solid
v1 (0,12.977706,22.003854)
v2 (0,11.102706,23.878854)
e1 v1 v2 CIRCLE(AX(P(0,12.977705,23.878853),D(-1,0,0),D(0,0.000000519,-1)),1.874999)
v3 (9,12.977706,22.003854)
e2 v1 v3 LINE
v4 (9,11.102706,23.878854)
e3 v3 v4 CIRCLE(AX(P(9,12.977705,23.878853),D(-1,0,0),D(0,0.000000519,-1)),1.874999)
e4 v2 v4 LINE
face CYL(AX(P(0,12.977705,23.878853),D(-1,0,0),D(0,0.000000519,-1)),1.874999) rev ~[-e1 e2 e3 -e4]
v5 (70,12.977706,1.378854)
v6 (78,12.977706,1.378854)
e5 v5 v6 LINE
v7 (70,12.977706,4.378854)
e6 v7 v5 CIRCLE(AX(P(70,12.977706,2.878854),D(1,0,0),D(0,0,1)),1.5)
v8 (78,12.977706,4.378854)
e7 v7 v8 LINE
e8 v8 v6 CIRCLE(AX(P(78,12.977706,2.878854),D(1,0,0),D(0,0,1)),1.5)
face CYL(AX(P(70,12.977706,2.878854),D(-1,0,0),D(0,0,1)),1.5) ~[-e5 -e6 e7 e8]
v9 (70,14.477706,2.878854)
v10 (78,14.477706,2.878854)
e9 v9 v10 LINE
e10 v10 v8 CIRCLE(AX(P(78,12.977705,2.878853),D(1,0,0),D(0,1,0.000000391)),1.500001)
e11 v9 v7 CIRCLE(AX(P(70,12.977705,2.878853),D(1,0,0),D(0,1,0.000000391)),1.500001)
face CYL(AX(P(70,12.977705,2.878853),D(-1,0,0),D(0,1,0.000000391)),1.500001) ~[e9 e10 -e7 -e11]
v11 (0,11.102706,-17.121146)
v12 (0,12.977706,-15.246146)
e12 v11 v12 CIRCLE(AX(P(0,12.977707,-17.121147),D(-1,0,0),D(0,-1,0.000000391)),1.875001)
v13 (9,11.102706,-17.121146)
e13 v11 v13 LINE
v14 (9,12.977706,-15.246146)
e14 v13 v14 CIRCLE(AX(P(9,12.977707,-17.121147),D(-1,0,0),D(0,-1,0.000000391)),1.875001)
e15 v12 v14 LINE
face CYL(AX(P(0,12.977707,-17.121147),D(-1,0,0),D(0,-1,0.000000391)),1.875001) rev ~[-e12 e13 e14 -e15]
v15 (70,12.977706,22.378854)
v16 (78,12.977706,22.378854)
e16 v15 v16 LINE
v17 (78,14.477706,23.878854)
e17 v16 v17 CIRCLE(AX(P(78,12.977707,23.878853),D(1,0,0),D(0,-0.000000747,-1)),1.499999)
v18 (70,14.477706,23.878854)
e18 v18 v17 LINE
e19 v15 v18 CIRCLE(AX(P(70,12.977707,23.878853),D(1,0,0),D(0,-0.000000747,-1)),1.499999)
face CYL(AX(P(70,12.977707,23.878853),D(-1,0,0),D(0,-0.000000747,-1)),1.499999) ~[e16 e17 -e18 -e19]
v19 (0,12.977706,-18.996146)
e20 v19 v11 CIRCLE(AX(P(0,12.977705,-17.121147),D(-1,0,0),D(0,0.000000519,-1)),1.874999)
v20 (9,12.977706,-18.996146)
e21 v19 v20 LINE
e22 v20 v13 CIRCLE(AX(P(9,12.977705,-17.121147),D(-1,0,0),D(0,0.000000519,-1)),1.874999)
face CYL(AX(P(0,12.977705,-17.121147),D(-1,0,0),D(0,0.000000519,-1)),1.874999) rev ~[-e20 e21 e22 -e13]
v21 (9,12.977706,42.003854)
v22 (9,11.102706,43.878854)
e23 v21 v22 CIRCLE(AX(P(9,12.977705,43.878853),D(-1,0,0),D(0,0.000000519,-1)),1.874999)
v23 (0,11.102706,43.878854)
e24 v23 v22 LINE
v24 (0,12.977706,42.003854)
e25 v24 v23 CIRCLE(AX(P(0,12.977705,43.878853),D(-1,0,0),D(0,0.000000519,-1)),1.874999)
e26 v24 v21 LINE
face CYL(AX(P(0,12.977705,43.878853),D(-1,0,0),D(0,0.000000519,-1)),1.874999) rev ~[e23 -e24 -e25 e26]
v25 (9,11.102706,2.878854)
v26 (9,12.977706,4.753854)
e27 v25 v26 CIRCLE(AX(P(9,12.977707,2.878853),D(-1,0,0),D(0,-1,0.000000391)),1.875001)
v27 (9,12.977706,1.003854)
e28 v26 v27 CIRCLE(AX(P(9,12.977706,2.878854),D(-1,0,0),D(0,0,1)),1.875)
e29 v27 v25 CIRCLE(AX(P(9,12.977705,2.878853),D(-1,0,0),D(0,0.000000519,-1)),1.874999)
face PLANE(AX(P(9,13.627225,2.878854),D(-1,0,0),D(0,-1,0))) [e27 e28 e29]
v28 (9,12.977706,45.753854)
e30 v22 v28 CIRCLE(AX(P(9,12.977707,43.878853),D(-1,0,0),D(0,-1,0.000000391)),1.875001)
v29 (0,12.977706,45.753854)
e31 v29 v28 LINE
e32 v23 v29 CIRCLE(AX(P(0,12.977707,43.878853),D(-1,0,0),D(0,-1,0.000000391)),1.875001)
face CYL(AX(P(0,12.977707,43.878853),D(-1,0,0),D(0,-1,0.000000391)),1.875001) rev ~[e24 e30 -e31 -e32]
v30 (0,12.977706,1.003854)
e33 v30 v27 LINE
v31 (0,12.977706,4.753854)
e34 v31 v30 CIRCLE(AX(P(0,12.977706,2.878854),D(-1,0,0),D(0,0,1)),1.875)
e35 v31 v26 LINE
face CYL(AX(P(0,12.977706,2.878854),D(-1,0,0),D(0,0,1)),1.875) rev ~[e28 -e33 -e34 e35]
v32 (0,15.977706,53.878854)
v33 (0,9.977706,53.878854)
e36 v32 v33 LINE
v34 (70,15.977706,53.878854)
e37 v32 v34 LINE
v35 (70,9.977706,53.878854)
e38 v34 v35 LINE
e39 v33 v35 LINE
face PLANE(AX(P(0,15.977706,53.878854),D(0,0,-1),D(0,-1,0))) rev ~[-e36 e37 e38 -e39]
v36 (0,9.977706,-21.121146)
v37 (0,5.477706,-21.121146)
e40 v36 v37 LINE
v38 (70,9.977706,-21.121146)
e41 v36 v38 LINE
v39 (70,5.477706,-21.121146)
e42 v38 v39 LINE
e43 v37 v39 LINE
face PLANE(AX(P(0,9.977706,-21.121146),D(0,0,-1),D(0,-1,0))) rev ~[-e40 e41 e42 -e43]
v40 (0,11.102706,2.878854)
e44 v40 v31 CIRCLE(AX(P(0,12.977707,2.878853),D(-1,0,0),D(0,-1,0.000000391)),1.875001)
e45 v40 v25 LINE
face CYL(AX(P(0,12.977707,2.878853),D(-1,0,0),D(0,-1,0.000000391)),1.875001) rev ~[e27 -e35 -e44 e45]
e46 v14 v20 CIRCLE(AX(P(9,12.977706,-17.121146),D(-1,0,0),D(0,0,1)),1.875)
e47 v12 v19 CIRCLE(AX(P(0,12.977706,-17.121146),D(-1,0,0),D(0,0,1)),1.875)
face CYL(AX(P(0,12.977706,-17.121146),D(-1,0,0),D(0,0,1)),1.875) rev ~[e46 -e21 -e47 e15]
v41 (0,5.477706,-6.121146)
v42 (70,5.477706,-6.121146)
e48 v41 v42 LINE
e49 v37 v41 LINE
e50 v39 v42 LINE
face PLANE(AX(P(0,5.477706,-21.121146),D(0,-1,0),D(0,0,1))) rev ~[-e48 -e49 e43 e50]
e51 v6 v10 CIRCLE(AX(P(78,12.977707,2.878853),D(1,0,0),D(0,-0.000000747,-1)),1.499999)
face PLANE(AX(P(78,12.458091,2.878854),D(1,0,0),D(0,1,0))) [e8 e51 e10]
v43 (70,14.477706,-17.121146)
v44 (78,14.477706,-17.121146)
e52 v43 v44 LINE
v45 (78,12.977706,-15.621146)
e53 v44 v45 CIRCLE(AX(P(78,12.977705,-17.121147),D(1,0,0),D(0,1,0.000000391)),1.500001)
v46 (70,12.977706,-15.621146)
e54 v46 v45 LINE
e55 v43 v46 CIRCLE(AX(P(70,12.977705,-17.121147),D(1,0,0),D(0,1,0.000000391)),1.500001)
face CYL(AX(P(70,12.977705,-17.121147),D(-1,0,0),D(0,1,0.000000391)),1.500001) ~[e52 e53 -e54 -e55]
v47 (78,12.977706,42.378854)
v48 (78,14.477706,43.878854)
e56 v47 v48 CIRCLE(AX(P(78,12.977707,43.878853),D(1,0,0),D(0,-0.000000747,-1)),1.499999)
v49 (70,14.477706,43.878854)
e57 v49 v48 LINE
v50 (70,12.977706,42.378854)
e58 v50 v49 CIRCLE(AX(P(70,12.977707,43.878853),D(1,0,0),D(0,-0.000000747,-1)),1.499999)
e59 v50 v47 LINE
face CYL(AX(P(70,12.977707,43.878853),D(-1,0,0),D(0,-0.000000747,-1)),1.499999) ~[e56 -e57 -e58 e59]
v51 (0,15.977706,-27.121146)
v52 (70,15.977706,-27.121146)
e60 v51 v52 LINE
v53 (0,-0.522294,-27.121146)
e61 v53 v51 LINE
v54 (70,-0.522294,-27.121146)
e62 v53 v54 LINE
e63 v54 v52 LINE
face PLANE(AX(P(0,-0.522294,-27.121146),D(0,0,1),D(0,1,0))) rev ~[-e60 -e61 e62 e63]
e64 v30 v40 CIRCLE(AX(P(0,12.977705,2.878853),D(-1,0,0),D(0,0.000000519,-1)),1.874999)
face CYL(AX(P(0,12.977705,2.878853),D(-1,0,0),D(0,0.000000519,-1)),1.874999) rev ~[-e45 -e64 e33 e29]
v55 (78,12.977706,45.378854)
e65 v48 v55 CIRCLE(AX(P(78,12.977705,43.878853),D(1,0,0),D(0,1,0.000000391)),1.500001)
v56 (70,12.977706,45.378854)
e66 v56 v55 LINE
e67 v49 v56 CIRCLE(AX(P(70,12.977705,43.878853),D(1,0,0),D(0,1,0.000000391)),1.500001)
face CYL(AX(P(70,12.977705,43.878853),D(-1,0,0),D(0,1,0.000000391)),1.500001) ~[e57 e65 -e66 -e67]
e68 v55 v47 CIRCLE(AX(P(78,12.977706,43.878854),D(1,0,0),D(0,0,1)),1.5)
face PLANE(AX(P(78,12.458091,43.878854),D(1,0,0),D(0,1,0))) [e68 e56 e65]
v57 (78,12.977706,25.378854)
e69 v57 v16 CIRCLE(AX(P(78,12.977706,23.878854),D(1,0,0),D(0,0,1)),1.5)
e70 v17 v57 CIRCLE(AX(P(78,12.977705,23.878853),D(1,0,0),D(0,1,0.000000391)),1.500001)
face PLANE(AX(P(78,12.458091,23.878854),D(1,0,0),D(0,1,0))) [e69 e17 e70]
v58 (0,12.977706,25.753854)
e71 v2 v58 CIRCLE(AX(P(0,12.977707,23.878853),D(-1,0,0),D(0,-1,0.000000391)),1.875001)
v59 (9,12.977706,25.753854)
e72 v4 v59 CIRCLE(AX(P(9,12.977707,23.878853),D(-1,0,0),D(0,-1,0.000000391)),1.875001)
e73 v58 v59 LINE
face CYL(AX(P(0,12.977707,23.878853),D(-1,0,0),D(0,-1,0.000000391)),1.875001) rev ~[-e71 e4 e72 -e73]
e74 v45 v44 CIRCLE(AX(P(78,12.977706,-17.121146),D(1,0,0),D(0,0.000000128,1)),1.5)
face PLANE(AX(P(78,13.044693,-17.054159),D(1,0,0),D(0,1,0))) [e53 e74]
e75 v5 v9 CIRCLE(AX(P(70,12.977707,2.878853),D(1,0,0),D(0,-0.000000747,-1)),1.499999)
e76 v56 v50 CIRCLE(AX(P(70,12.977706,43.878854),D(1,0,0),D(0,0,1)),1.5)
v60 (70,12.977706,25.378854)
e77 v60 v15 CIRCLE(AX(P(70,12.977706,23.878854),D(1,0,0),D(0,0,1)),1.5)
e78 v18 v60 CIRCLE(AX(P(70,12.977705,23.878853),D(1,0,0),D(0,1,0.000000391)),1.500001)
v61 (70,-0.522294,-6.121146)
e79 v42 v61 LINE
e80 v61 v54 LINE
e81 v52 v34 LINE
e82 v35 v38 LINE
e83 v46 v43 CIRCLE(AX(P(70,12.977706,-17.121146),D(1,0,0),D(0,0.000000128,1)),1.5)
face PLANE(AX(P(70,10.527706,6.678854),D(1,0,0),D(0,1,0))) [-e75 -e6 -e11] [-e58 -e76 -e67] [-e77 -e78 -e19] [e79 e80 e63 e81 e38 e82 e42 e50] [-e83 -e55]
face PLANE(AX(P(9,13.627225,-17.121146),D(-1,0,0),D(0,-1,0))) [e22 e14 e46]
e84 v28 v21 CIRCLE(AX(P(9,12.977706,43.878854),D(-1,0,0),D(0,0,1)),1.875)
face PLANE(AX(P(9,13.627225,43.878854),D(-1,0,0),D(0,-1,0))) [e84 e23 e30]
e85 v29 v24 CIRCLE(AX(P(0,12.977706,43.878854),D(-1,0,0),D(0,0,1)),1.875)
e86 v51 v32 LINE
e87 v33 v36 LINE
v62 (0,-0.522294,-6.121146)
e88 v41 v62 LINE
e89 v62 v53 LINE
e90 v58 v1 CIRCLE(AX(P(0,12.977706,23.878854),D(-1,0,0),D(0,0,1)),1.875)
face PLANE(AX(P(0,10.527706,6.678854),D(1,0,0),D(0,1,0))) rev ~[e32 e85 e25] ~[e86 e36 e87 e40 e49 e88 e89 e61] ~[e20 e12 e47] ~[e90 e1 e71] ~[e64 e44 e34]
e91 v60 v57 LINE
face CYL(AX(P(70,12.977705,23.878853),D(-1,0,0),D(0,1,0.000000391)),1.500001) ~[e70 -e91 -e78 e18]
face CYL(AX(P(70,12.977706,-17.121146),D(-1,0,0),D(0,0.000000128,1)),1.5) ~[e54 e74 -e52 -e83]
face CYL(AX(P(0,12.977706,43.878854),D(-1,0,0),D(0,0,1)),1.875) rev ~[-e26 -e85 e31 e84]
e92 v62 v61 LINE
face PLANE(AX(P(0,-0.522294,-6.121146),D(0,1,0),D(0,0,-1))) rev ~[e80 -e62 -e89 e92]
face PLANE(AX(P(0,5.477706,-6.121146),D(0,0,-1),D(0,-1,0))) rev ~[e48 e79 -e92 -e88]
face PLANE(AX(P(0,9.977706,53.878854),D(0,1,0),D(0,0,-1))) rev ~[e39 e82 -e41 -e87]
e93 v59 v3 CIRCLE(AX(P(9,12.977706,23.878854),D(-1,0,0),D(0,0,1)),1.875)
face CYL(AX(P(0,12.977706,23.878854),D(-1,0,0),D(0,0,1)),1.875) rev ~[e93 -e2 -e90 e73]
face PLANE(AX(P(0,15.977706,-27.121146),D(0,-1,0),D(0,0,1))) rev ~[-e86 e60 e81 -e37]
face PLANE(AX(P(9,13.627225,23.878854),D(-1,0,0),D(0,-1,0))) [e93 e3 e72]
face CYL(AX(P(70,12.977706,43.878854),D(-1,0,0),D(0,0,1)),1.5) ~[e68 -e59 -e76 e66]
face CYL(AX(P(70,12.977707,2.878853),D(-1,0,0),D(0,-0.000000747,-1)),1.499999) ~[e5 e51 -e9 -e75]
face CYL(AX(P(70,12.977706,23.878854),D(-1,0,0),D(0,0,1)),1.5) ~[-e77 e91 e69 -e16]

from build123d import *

# Parameters (mm, degrees)
F1_DEPTH = 70
F3_DEPTH = 8
F5_DEPTH = 9


with BuildPart() as f1:
    # F0 (on Right) → F1 (new body)
    with BuildSketch(Plane.YZ):
        Polygon((15.977706, -27.121146), (15.977706, 53.878854), (9.977706, 53.878854), (9.977706, -21.121146), (5.477706, -21.121146), (5.477706, -6.121146), (-0.522294, -6.121146), (-0.522294, -27.121146), align=None)
    extrude(amount=F1_DEPTH)

    # F2 (on face) → F3 (join)
    with BuildSketch(Plane.YZ.offset(70)):
        with BuildLine():
            Line((12.977706, 43.878854), (12.977706, 45.378854))
            ThreePointArc((12.977706, 45.378854), (11.477706, 43.878854), (12.977706, 42.378854))
            Line((12.977706, 42.378854), (12.977706, 43.878854))
        make_face()
        with BuildLine():
            ThreePointArc((12.977706, 42.378854), (14.038366, 42.818193), (14.477706, 43.878854))
            ThreePointArc((14.477706, 43.878854), (14.038366, 44.939514), (12.977706, 45.378854))
            Line((12.977706, 45.378854), (12.977706, 43.878854))
            Line((12.977706, 43.878854), (12.977706, 42.378854))
        make_face()
        with BuildLine():
            Line((12.977706, 23.878854), (12.977706, 25.378854))
            ThreePointArc((12.977706, 25.378854), (11.477706, 23.878854), (12.977706, 22.378854))
            Line((12.977706, 22.378854), (12.977706, 23.878854))
        make_face()
        with BuildLine():
            ThreePointArc((14.477706, 23.878854), (14.038366, 24.939514), (12.977706, 25.378854))
            Line((12.977706, 25.378854), (12.977706, 23.878854))
            Line((12.977706, 23.878854), (12.977706, 22.378854))
            ThreePointArc((12.977706, 22.378854), (14.038366, 22.818193), (14.477706, 23.878854))
        make_face()
        with BuildLine():
            Line((12.977706, 2.878854), (12.977706, 4.378854))
            ThreePointArc((12.977706, 4.378854), (11.477706, 2.878854), (12.977706, 1.378854))
            Line((12.977706, 1.378854), (12.977706, 2.878854))
        make_face()
        with BuildLine():
            ThreePointArc((14.477706, 2.878854), (14.038366, 3.939514), (12.977706, 4.378854))
            Line((12.977706, 4.378854), (12.977706, 2.878854))
            Line((12.977706, 2.878854), (12.977706, 1.378854))
            ThreePointArc((12.977706, 1.378854), (14.038366, 1.818193), (14.477706, 2.878854))
        make_face()
        with BuildLine():
            ThreePointArc((14.477706, -17.121146), (14.038366, -16.060486), (12.977706, -15.621146))
            ThreePointArc((12.977706, -15.621146), (11.917046, -18.181807), (14.477706, -17.121146))
        make_face()
    extrude(amount=F3_DEPTH)

    # F4 (on face) → F5 (cut)
    with BuildSketch(Plane(origin=(0, 0, 0), x_dir=(0, -1, 0), z_dir=(-1, 0, 0))):
        with BuildLine():
            Line((-12.977706, 43.878854), (-12.977706, 45.753854))
            ThreePointArc((-12.977706, 45.753854), (-14.852706, 43.878854), (-12.977706, 42.003854))
            Line((-12.977706, 42.003854), (-12.977706, 43.878854))
        make_face()
        with BuildLine():
            ThreePointArc((-12.977706, 42.003854), (-11.651881, 42.553028), (-11.102706, 43.878854))
            ThreePointArc((-11.102706, 43.878854), (-11.651881, 45.204679), (-12.977706, 45.753854))
            Line((-12.977706, 45.753854), (-12.977706, 43.878854))
            Line((-12.977706, 43.878854), (-12.977706, 42.003854))
        make_face()
        with BuildLine():
            Line((-12.977706, 23.878854), (-12.977706, 25.753854))
            ThreePointArc((-12.977706, 25.753854), (-14.852706, 23.878854), (-12.977706, 22.003854))
            Line((-12.977706, 22.003854), (-12.977706, 23.878854))
        make_face()
        with BuildLine():
            ThreePointArc((-11.102706, 23.878854), (-11.651881, 25.204679), (-12.977706, 25.753854))
            Line((-12.977706, 25.753854), (-12.977706, 23.878854))
            Line((-12.977706, 23.878854), (-12.977706, 22.003854))
            ThreePointArc((-12.977706, 22.003854), (-11.651881, 22.553028), (-11.102706, 23.878854))
        make_face()
        with BuildLine():
            Line((-12.977706, 2.878854), (-12.977706, 4.753854))
            ThreePointArc((-12.977706, 4.753854), (-14.852706, 2.878854), (-12.977706, 1.003854))
            Line((-12.977706, 1.003854), (-12.977706, 2.878854))
        make_face()
        with BuildLine():
            ThreePointArc((-11.102706, 2.878854), (-11.651881, 4.204679), (-12.977706, 4.753854))
            Line((-12.977706, 4.753854), (-12.977706, 2.878854))
            Line((-12.977706, 2.878854), (-12.977706, 1.003854))
            ThreePointArc((-12.977706, 1.003854), (-11.651881, 1.553028), (-11.102706, 2.878854))
        make_face()
        with BuildLine():
            ThreePointArc((-12.977706, -15.246146), (-14.852706, -17.121146), (-12.977706, -18.996146))
            Line((-12.977706, -18.996146), (-12.977706, -17.121146))
            Line((-12.977706, -17.121146), (-12.977706, -15.246146))
        make_face()
        with BuildLine():
            Line((-12.977706, -17.121146), (-12.977706, -18.996146))
            ThreePointArc((-12.977706, -18.996146), (-11.651881, -18.446972), (-11.102706, -17.121146))
            ThreePointArc((-11.102706, -17.121146), (-11.651881, -15.795321), (-12.977706, -15.246146))
            Line((-12.977706, -15.246146), (-12.977706, -17.121146))
        make_face()
    extrude(amount=-F5_DEPTH, mode=Mode.SUBTRACT)


solid = f1.part
